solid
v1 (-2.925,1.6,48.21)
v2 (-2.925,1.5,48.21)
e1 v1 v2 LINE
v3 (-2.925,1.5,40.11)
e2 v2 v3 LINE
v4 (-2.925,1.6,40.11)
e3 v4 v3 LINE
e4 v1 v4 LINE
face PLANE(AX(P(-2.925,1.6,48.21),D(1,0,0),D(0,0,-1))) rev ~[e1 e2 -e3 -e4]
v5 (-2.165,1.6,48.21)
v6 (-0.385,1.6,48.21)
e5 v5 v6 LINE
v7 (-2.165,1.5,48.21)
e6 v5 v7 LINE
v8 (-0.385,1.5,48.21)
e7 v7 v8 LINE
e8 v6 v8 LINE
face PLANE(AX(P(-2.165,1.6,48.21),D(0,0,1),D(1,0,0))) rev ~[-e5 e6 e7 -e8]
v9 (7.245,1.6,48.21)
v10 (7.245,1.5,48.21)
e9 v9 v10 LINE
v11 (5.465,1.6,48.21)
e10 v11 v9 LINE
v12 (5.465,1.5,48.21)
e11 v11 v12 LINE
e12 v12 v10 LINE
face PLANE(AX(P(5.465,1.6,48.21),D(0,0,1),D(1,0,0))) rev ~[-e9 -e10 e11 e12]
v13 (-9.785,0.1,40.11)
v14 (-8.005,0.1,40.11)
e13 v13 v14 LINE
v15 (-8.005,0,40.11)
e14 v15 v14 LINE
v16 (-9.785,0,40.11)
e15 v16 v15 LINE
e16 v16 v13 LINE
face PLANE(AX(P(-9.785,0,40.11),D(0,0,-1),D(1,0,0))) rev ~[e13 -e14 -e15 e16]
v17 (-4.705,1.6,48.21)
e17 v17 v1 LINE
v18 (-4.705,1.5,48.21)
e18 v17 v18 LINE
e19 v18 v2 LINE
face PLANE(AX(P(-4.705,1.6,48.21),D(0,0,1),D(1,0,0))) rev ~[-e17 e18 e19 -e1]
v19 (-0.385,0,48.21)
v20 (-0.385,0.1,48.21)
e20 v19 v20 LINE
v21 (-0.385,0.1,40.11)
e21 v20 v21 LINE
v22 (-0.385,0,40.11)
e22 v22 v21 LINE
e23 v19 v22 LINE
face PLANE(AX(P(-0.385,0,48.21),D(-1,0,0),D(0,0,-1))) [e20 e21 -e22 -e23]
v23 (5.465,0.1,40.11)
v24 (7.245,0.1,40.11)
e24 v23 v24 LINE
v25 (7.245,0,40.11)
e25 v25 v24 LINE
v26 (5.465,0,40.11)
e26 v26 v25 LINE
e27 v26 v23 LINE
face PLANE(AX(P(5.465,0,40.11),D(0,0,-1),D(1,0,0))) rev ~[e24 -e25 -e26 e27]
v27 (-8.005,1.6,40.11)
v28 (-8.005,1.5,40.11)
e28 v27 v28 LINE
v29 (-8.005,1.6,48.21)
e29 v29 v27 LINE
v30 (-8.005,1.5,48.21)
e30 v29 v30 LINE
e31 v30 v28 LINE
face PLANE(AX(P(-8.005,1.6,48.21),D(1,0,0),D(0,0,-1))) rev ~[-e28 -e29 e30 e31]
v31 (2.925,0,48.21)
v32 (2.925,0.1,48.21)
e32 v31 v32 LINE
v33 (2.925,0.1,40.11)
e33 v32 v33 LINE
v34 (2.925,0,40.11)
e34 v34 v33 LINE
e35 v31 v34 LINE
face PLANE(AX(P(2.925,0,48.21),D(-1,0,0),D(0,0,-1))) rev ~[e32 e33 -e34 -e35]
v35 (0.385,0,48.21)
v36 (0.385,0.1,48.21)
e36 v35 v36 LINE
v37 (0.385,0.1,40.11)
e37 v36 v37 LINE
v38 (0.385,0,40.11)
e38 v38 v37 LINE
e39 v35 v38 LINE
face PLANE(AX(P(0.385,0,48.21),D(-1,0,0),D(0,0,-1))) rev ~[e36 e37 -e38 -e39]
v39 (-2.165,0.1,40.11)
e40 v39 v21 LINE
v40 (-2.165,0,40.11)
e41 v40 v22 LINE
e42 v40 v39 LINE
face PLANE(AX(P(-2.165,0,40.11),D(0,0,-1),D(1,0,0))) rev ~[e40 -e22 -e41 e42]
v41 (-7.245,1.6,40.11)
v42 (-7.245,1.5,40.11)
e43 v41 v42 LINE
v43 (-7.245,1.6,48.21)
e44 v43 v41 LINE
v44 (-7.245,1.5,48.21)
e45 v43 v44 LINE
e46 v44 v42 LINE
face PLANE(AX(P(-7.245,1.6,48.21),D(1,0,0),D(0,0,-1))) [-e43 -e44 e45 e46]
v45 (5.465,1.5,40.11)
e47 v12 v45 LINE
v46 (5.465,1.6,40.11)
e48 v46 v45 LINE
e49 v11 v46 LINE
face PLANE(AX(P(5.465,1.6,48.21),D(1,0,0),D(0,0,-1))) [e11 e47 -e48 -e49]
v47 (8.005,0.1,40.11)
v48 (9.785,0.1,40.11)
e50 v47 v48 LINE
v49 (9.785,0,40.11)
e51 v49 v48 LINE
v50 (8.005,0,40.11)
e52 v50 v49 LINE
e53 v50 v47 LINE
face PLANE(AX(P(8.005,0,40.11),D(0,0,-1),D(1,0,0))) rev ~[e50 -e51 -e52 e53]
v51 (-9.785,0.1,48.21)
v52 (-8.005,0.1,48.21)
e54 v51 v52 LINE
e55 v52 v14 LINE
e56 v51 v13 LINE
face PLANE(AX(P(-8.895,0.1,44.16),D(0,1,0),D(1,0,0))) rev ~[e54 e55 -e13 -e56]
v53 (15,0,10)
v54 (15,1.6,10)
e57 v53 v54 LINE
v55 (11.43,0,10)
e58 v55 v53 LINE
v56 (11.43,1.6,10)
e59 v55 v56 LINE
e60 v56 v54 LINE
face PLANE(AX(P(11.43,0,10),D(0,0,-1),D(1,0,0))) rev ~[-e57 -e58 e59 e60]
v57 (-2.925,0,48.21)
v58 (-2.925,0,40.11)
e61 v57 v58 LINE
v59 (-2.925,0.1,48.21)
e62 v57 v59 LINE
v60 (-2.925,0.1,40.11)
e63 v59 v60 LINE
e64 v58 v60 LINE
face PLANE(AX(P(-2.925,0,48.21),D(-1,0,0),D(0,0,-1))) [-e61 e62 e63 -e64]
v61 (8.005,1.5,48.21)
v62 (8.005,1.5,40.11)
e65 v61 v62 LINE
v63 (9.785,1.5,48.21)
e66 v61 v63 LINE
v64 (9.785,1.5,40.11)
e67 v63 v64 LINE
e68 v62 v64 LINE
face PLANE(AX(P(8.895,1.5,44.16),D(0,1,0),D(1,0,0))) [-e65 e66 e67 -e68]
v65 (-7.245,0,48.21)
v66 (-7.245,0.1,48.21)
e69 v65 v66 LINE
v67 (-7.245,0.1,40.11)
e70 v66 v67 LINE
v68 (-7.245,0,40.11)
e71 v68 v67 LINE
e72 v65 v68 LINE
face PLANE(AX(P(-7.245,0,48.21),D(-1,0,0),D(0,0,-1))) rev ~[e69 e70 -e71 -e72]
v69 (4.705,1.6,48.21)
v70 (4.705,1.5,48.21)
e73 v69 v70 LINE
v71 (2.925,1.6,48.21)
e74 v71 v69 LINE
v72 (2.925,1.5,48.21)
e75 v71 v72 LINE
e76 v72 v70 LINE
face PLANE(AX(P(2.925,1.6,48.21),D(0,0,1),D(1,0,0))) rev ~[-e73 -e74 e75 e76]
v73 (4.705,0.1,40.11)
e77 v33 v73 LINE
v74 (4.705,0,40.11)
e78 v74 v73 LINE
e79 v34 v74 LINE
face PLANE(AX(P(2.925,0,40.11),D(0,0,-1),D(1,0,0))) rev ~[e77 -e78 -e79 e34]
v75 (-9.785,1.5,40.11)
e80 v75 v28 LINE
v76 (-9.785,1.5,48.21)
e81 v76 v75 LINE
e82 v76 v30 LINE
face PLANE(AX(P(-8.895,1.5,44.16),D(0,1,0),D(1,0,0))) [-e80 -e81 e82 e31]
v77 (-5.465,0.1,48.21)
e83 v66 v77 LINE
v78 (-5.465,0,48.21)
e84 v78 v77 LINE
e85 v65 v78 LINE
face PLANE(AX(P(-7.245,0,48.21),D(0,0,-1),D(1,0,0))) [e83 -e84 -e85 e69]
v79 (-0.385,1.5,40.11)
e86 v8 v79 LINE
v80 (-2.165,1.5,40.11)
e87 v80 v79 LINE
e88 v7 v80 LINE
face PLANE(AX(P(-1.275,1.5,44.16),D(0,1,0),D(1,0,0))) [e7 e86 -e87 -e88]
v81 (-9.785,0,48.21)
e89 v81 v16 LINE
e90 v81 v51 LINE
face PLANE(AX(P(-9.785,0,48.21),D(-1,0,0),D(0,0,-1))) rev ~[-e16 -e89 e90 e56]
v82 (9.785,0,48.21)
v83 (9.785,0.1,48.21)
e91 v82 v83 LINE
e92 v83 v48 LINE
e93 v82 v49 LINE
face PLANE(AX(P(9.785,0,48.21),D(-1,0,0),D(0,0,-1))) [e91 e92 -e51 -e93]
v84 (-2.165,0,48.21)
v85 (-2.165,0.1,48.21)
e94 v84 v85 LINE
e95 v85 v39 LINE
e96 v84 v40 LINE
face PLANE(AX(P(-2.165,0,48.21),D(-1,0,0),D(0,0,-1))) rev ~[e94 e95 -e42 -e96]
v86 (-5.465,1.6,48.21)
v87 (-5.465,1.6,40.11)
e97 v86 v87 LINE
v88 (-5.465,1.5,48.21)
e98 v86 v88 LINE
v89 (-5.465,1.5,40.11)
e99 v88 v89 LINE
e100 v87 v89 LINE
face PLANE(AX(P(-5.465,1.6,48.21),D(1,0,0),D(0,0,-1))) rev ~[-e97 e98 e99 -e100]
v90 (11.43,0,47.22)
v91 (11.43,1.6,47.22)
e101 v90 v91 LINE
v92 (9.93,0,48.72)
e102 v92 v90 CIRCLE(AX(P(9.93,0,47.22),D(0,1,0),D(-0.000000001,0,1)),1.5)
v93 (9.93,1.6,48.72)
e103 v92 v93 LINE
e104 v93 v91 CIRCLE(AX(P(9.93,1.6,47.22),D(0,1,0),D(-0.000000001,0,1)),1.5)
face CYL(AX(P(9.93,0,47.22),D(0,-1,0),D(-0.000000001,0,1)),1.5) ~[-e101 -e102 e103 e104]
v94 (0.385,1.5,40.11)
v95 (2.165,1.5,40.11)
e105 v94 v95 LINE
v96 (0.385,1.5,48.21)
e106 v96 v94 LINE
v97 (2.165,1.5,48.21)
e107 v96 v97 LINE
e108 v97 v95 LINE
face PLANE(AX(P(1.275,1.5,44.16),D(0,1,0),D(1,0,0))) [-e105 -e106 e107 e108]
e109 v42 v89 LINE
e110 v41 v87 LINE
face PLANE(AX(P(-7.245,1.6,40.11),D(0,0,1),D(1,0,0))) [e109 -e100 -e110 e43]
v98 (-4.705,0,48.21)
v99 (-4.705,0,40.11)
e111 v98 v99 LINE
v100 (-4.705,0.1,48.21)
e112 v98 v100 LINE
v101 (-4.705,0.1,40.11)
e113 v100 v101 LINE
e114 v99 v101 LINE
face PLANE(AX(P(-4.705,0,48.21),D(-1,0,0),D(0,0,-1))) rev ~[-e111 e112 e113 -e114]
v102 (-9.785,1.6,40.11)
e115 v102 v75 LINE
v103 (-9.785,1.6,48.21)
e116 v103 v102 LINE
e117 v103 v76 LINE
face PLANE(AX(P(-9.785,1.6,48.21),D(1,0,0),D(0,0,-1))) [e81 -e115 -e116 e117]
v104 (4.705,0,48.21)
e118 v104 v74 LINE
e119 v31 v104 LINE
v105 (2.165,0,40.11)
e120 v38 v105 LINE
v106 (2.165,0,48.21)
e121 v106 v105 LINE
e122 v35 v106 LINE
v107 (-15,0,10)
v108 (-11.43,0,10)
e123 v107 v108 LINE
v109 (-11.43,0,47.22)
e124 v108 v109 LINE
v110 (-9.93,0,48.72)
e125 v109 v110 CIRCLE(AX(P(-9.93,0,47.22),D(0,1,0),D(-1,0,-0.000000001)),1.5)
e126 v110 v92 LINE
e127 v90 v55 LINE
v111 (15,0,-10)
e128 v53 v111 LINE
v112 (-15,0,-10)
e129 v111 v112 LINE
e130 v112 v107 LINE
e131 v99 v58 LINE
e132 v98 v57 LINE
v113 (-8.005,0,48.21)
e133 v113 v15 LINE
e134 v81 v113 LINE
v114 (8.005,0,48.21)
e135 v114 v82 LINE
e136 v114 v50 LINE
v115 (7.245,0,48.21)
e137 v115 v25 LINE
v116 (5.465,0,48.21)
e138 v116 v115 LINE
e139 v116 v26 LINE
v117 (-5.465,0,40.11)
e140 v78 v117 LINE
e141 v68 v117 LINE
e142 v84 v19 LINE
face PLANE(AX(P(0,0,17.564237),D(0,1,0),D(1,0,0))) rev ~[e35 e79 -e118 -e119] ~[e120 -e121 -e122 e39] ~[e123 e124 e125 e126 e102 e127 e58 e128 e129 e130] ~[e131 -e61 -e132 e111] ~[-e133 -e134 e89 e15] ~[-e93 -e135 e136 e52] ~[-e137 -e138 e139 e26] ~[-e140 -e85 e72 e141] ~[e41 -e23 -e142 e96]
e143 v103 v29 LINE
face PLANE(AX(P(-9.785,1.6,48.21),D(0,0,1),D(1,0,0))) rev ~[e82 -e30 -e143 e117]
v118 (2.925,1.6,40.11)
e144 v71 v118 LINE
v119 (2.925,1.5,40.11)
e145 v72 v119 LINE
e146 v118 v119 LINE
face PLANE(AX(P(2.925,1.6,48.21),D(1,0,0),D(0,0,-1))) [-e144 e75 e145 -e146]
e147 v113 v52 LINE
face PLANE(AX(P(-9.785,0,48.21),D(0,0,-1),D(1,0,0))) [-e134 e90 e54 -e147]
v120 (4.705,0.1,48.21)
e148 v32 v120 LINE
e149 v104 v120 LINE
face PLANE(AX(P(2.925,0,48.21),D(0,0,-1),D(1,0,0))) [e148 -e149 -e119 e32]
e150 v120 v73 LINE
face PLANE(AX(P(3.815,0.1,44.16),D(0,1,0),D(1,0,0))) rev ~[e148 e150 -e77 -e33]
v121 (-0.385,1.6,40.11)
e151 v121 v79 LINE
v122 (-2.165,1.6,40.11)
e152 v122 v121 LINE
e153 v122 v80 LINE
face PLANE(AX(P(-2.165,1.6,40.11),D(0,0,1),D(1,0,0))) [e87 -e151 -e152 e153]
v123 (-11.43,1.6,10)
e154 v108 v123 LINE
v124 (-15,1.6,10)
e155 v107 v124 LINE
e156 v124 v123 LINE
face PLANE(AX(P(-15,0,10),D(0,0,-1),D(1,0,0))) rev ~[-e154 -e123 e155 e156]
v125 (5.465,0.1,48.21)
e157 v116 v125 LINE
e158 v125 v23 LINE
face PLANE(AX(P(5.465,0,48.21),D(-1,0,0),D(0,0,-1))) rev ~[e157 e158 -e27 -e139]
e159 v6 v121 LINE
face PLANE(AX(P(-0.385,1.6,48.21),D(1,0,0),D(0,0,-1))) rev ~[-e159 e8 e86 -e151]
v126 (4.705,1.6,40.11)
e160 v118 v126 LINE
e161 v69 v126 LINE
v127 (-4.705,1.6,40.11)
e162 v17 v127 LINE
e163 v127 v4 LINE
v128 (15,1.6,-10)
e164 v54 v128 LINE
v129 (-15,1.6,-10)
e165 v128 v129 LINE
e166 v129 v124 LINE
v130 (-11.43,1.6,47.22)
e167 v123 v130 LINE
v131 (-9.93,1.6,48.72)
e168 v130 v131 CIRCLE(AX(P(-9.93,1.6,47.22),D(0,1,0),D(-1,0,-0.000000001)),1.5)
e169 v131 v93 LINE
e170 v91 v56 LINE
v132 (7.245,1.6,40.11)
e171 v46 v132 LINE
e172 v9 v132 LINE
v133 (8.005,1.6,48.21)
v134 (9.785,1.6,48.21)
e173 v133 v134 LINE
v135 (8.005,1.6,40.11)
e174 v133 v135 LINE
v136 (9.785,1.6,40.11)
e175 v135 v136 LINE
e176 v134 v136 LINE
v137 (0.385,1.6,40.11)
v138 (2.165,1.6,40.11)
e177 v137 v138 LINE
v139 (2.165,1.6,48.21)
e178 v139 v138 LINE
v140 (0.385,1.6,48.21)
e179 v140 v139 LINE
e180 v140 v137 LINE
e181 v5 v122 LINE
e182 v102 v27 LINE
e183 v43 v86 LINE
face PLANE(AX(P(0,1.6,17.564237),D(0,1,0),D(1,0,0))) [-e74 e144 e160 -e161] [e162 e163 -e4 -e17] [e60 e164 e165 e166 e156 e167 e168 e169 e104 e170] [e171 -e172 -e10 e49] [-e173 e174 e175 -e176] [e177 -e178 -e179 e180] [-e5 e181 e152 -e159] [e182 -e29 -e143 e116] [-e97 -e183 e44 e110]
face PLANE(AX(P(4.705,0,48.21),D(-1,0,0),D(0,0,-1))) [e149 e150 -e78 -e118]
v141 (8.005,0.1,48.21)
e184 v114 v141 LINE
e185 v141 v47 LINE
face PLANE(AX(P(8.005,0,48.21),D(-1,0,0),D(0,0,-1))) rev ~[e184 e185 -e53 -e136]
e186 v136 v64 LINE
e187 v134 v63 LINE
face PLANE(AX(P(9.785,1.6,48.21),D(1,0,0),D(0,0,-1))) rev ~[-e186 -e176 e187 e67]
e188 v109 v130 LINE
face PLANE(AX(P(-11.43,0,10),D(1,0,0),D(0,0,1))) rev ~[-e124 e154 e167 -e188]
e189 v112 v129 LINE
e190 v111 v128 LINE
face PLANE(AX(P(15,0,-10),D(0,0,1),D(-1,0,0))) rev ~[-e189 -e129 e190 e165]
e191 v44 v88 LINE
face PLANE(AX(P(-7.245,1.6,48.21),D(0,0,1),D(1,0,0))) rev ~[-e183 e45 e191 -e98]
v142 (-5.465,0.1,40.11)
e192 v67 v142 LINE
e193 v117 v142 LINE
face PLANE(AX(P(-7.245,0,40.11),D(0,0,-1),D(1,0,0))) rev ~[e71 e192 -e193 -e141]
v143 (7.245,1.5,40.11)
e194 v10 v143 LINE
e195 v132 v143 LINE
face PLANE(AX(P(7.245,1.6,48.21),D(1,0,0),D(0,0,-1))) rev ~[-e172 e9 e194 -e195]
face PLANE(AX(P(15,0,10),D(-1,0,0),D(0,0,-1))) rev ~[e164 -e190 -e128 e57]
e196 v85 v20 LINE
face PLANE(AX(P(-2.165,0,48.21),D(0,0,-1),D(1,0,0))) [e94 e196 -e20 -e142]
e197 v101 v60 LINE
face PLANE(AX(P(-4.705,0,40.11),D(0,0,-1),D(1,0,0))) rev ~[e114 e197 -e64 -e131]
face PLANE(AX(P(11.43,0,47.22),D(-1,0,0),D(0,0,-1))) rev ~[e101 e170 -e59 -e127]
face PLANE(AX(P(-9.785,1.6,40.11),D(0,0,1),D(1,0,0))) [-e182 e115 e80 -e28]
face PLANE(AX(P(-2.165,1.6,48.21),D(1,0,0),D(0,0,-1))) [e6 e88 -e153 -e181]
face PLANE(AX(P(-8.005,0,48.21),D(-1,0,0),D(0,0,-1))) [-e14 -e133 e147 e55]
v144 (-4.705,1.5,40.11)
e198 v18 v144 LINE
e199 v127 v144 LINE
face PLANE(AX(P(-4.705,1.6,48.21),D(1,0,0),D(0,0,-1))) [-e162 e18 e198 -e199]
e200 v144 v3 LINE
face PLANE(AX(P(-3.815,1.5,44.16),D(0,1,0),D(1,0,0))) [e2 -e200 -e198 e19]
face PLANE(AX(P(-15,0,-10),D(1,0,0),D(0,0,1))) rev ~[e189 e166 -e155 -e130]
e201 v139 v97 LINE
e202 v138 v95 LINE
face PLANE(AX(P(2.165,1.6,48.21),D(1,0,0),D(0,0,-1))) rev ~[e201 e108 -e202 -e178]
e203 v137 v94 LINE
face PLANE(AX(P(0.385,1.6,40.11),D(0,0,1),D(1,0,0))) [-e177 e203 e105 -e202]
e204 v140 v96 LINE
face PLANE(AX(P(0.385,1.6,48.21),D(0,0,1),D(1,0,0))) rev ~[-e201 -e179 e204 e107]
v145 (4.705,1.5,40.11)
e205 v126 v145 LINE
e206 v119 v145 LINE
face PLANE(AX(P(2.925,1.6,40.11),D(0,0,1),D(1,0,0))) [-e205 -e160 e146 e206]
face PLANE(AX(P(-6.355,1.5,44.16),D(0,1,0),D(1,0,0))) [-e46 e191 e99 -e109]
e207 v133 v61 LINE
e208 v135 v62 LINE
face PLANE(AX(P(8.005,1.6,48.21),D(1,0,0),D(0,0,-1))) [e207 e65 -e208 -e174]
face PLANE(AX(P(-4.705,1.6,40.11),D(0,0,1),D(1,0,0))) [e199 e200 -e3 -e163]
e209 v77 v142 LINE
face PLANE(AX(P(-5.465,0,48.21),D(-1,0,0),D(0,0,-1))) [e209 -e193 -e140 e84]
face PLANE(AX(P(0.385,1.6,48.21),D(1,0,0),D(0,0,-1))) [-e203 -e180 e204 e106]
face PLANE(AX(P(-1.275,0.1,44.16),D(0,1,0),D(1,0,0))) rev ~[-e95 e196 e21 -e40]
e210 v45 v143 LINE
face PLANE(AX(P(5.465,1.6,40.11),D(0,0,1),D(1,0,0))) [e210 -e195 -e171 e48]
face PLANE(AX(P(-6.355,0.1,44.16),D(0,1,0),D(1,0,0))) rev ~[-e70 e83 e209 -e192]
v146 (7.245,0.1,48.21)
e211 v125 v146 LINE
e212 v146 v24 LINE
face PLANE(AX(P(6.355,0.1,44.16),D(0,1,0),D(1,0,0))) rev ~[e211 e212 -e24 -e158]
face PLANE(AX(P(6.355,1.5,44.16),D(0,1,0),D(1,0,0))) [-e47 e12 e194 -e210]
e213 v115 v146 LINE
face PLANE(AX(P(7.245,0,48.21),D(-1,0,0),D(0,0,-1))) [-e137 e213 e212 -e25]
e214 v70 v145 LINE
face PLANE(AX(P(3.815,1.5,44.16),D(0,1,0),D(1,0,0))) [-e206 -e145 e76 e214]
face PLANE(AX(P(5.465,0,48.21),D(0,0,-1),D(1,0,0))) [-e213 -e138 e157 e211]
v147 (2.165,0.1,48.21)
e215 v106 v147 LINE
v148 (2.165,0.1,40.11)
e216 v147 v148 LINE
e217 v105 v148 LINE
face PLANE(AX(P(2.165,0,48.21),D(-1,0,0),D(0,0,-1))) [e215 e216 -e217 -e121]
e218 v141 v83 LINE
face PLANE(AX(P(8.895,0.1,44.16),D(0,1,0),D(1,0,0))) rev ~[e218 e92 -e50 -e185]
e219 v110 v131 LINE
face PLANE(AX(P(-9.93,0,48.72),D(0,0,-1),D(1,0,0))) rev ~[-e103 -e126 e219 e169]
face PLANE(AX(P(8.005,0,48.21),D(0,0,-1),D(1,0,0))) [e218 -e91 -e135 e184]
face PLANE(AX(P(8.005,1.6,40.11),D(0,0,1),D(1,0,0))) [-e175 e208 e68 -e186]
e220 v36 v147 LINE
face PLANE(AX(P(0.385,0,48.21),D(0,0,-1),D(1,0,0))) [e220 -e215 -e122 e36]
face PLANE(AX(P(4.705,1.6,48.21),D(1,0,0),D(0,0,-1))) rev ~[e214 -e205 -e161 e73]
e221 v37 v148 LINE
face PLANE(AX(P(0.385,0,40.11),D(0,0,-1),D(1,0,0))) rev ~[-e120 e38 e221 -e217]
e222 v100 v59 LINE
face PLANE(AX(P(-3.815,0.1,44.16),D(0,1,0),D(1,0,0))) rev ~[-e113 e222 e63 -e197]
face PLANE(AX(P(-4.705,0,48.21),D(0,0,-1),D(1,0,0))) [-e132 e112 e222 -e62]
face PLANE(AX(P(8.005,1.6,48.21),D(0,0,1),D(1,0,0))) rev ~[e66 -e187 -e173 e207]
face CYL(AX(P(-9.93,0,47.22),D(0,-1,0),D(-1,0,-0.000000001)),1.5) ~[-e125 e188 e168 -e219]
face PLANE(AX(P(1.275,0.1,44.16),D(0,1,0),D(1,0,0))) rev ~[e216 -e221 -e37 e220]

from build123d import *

# Parameters (mm, degrees)
EXTRUDE_1_DEPTH     = 1.6
CUT_EXTRUDE_START   = 1.6
SKETCH_3_W          = 1.78
SKETCH_3_H          = 8.1
CUT_EXTRUDE_1_DEPTH = 0.1
SKETCH_4_W          = 1.78
SKETCH_4_H          = 8.1
CUT_EXTRUDE_2_DEPTH = 0.1


with BuildPart() as part:
    # 草图1 → 凸台-拉伸1 (new body)
    with BuildSketch(Plane(origin=(0, 0, 0), x_dir=(1, 0, 0), z_dir=(0, 1, 0))):
        with BuildLine():
            Line((11.43, -10), (15, -10))
            Line((15, -10), (15, 10))
            Line((15, 10), (-15, 10))
            Line((-15, 10), (-15, -10))
            Line((-15, -10), (-11.43, -10))
            Line((-11.43, -10), (-11.43, -47.22))
            ThreePointArc((-11.43, -47.22), (-10.990660172, -48.280660172), (-9.93, -48.72))
            Line((-9.93, -48.72), (9.93, -48.72))
            ThreePointArc((9.93, -48.72), (10.990660172, -48.280660172), (11.43, -47.22))
            Line((11.43, -47.22), (11.43, -10))
        make_face()
    extrude(amount=EXTRUDE_1_DEPTH)

    # 草图3 → 切除-拉伸1 (cut)
    with BuildSketch(Plane(origin=(0, 0, 0), x_dir=(1, 0, 0), z_dir=(0, 1, 0)).offset(CUT_EXTRUDE_START)):
        with Locations((-1.275, -44.16)):
            Rectangle(SKETCH_3_W, SKETCH_3_H)
        with Locations((1.275, -44.16)):
            Rectangle(SKETCH_3_W, SKETCH_3_H)
        with Locations((-3.815, -44.16)):
            Rectangle(SKETCH_3_W, SKETCH_3_H)
        with Locations((-6.355, -44.16)):
            Rectangle(SKETCH_3_W, SKETCH_3_H)
        with Locations((-8.895, -44.16)):
            Rectangle(SKETCH_3_W, SKETCH_3_H)
        with Locations((3.815, -44.16)):
            Rectangle(SKETCH_3_W, SKETCH_3_H)
        with Locations((6.355, -44.16)):
            Rectangle(SKETCH_3_W, SKETCH_3_H)
        with Locations((8.895, -44.16)):
            Rectangle(SKETCH_3_W, SKETCH_3_H)
    extrude(amount=-CUT_EXTRUDE_1_DEPTH, mode=Mode.SUBTRACT)

    # 草图4 → 切除-拉伸2 (cut)
    with BuildSketch(Plane(origin=(0, 0, 0), x_dir=(1, 0, 0), z_dir=(0, 1, 0))):
        with Locations((1.275, -44.16)):
            Rectangle(SKETCH_4_W, SKETCH_4_H)
        with Locations((-1.275, -44.16)):
            Rectangle(SKETCH_4_W, SKETCH_4_H)
        with Locations((-8.895, -44.16)):
            Rectangle(SKETCH_4_W, SKETCH_4_H)
        with Locations((-6.355, -44.16)):
            Rectangle(SKETCH_4_W, SKETCH_4_H)
        with Locations((-3.815, -44.16)):
            Rectangle(SKETCH_4_W, SKETCH_4_H)
        with Locations((8.895, -44.16)):
            Rectangle(SKETCH_4_W, SKETCH_4_H)
        with Locations((6.355, -44.16)):
            Rectangle(SKETCH_4_W, SKETCH_4_H)
        with Locations((3.815, -44.16)):
            Rectangle(SKETCH_4_W, SKETCH_4_H)
    extrude(amount=CUT_EXTRUDE_2_DEPTH, mode=Mode.SUBTRACT)


solid = part.part
